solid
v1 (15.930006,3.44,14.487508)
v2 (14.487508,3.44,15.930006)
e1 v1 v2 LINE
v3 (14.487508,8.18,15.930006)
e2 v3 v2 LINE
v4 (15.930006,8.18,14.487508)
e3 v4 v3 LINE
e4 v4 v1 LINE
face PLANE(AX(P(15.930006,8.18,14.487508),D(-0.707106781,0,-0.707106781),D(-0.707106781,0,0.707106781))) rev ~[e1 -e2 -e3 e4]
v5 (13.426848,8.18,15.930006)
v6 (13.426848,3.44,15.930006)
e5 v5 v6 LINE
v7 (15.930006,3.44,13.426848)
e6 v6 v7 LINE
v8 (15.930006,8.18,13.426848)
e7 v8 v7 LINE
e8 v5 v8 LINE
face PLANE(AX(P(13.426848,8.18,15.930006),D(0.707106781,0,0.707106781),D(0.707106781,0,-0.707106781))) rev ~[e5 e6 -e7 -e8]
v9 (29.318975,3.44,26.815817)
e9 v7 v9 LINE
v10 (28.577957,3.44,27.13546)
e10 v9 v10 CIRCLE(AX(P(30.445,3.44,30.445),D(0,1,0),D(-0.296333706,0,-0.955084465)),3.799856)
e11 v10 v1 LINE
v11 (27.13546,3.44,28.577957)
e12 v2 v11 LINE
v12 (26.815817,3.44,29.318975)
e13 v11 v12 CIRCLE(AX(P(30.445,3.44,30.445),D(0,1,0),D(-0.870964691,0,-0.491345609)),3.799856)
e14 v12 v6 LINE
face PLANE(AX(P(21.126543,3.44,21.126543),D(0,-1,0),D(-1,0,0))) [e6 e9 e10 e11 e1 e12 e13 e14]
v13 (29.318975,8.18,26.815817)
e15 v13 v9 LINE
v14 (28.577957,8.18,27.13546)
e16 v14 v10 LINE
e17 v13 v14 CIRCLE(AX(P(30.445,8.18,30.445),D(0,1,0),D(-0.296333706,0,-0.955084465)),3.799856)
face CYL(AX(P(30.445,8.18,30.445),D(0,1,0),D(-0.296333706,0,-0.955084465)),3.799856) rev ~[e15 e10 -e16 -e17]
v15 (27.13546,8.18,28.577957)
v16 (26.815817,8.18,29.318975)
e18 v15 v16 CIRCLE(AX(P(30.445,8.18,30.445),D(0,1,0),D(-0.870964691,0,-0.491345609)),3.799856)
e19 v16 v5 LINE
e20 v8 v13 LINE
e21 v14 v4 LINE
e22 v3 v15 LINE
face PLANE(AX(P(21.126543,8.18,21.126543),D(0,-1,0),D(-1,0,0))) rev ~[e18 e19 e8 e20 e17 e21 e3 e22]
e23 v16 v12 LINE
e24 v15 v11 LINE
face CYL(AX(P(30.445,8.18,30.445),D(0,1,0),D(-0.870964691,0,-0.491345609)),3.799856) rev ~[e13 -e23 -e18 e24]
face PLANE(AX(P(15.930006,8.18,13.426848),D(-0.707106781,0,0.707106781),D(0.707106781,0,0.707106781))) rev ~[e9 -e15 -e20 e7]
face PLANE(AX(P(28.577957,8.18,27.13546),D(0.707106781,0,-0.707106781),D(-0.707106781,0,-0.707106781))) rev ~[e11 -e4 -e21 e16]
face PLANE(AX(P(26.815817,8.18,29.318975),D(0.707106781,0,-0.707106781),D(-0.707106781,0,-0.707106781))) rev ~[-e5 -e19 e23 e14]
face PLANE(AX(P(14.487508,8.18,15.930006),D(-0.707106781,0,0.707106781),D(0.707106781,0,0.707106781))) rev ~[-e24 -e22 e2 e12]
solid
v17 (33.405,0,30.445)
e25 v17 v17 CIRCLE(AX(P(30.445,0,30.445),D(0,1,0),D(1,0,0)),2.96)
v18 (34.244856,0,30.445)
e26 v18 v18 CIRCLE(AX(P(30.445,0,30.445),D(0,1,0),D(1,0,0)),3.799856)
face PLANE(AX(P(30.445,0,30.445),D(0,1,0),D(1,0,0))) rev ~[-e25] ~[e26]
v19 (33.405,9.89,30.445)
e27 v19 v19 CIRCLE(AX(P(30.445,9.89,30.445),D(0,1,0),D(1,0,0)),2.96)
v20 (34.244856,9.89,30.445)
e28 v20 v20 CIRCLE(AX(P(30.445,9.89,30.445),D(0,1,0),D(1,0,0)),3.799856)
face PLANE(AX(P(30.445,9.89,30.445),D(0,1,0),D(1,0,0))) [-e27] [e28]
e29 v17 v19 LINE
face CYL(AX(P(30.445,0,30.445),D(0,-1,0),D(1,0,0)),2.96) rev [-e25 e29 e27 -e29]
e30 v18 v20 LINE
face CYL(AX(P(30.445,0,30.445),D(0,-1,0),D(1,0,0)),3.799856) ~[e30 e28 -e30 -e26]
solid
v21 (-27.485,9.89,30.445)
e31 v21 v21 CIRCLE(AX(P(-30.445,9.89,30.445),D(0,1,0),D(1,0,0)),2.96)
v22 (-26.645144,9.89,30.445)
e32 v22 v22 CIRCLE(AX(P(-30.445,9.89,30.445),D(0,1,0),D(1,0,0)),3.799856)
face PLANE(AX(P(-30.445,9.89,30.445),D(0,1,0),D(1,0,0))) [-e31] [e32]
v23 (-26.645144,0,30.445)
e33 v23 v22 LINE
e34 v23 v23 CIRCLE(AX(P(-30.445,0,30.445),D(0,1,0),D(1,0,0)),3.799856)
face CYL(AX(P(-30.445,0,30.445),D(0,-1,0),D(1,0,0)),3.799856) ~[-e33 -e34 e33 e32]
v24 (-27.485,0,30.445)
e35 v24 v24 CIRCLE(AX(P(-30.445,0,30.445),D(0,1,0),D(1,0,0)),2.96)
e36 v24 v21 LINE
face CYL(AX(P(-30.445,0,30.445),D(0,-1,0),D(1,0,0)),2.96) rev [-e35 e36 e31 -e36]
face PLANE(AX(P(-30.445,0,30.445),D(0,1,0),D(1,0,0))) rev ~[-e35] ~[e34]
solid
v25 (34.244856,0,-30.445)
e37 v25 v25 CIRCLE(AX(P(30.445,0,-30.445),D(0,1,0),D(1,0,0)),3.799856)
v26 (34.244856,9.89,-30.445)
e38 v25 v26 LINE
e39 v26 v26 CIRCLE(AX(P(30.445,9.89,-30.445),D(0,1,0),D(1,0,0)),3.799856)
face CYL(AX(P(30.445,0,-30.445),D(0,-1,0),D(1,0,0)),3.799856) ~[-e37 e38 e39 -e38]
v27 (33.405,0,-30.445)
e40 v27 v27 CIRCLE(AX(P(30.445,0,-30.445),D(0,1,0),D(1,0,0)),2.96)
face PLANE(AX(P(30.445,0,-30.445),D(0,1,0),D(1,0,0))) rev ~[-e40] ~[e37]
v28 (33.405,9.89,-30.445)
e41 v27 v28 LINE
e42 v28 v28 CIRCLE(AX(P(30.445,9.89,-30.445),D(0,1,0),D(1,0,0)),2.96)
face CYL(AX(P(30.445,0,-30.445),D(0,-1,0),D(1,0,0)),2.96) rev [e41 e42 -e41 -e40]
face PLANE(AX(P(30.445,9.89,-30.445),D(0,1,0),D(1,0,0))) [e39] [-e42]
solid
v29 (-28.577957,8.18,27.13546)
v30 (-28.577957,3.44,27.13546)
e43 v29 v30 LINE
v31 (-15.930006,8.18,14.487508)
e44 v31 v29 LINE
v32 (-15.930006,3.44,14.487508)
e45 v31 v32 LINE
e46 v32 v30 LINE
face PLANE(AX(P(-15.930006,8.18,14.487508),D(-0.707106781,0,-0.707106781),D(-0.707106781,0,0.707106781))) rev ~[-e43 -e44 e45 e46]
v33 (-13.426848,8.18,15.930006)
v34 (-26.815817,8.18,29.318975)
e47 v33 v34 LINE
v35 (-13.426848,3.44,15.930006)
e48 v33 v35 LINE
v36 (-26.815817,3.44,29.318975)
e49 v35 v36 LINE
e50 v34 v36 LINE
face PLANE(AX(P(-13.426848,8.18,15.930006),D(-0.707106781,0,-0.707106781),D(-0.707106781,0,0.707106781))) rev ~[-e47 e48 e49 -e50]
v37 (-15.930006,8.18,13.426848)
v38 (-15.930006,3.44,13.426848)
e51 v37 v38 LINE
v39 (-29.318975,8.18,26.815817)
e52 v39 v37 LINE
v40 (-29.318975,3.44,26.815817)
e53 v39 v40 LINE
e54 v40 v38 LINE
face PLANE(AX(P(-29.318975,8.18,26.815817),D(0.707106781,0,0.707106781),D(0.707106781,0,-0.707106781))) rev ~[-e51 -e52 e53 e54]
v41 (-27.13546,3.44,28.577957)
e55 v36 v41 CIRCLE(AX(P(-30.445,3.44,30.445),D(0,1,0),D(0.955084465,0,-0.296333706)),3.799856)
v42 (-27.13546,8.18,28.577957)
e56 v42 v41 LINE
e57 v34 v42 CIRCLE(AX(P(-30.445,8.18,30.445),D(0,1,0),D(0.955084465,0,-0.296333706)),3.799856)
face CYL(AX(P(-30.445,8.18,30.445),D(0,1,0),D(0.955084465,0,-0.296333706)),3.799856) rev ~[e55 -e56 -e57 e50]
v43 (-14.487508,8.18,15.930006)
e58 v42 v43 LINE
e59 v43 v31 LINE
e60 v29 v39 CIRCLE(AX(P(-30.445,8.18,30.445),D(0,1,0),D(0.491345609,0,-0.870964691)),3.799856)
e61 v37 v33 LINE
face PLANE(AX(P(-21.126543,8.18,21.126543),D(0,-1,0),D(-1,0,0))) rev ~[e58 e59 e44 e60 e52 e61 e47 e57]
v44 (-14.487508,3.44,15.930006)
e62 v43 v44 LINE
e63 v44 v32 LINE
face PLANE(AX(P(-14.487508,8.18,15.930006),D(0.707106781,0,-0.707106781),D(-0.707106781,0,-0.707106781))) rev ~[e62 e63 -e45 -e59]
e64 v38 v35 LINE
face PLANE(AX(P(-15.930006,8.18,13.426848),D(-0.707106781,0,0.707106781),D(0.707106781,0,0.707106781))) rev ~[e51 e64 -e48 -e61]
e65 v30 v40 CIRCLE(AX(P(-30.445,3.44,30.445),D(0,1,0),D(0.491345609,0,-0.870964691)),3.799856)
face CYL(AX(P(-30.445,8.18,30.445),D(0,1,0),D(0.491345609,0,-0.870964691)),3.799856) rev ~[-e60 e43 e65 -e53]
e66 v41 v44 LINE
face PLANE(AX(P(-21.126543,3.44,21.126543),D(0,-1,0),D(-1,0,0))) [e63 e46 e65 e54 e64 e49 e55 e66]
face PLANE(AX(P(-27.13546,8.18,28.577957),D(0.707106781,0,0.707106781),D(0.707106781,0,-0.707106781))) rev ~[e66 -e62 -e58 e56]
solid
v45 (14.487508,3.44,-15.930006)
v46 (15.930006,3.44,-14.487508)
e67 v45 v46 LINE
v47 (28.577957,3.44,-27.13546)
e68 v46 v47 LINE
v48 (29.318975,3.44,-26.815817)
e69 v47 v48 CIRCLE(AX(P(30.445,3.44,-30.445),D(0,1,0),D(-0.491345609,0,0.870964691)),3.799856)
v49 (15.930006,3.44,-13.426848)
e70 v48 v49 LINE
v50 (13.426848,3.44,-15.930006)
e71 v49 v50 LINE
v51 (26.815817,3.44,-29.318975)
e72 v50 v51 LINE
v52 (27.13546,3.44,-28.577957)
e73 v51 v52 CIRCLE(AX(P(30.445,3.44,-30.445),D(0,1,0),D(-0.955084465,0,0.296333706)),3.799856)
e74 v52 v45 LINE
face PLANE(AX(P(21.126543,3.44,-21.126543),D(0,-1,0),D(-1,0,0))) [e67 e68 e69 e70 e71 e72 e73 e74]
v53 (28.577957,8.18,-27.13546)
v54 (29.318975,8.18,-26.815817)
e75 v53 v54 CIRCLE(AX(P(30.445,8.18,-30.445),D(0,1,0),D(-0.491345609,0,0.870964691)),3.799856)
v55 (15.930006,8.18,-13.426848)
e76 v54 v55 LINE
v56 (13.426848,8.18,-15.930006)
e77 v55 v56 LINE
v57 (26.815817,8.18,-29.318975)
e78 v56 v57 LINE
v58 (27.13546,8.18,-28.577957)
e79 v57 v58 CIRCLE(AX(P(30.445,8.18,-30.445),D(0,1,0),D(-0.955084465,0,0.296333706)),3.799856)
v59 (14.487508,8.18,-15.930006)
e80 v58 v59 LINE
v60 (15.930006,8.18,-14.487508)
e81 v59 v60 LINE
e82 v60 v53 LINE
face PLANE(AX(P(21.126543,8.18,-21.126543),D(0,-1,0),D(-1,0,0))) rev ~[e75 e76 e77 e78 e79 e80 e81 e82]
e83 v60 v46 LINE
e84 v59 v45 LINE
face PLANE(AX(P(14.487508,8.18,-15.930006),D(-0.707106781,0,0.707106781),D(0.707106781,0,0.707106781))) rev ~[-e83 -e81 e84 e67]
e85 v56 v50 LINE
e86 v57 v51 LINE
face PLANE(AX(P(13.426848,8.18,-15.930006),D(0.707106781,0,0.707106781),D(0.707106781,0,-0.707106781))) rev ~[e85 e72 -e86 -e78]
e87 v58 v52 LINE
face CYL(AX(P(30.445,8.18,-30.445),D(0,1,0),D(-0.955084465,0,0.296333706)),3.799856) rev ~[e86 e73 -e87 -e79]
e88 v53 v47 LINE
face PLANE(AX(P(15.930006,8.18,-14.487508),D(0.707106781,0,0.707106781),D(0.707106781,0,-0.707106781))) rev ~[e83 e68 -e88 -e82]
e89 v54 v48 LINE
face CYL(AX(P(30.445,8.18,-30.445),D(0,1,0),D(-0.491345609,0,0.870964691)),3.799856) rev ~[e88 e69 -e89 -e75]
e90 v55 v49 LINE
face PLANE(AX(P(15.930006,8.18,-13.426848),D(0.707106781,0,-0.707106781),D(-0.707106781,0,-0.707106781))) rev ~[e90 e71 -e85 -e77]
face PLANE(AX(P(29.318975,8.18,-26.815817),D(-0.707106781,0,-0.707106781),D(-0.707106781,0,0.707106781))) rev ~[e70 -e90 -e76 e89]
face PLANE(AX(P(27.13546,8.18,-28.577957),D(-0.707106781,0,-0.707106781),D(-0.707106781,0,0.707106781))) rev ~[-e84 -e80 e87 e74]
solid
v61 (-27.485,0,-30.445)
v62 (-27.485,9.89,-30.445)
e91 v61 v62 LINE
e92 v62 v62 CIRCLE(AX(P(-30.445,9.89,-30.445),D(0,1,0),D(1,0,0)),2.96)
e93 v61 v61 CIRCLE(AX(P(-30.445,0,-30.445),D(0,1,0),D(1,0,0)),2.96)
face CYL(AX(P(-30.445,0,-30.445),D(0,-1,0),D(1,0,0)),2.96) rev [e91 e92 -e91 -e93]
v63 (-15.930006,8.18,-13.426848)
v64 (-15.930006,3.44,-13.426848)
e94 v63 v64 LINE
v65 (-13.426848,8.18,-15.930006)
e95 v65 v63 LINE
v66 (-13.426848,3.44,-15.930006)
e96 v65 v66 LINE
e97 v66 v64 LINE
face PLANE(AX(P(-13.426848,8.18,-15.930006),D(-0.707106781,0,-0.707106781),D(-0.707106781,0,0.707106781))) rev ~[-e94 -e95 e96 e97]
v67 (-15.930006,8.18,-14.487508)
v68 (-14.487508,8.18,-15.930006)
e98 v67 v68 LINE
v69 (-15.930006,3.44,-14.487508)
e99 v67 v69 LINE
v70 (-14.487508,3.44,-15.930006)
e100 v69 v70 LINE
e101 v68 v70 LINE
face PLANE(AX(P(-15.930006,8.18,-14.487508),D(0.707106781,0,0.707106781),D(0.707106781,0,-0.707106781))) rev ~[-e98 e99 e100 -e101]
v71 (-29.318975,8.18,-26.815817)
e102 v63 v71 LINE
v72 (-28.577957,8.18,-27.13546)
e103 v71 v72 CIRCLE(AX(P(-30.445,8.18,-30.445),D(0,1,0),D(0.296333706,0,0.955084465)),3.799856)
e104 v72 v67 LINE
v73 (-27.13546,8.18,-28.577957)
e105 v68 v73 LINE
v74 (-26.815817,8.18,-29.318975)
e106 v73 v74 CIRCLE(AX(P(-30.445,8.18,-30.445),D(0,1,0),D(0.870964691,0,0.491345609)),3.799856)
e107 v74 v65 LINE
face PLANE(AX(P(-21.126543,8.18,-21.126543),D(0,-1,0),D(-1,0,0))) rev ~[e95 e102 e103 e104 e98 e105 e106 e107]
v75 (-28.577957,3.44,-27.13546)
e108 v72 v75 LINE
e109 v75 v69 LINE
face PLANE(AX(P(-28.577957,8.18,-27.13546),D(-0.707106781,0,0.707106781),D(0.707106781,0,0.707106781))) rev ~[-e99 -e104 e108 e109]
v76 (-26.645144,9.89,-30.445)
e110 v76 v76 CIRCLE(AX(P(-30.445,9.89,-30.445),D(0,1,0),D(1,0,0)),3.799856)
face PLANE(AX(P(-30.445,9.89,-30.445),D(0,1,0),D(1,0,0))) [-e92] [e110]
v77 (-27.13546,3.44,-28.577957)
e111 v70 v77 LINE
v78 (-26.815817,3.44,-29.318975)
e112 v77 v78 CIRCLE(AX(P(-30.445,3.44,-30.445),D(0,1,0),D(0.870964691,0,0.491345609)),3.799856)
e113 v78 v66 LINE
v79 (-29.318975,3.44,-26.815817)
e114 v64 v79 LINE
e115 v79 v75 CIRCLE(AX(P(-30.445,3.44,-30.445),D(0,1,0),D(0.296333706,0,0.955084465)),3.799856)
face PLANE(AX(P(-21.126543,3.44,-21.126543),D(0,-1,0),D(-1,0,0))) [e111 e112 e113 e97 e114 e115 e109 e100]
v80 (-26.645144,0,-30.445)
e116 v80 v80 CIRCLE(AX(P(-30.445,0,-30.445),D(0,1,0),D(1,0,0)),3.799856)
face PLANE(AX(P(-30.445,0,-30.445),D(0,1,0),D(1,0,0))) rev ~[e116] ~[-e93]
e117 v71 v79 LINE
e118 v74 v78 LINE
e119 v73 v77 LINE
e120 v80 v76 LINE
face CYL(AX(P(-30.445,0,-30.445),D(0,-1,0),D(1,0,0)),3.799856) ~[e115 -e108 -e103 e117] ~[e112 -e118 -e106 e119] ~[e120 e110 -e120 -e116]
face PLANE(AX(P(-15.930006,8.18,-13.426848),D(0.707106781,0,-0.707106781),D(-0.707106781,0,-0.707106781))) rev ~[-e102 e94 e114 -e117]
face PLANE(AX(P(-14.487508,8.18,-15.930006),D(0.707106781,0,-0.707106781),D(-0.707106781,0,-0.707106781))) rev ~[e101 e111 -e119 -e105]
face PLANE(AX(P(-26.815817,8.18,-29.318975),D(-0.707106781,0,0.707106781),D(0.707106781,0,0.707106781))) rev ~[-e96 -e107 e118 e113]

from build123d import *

# Parameters (mm, degrees)
SKETCH1_R             = 3.799855969
SKETCH1_R_2           = 2.96
BOSS_EXTRUDE1_DEPTH   = 9.89
BOSS_EXTRUDE1_2_DEPTH = 9.89
BOSS_EXTRUDE1_3_DEPTH = 9.89
BOSS_EXTRUDE1_4_DEPTH = 9.89
BOSS_EXTRUDE2_DEPTH   = 4.74


with BuildPart() as part:
    # Sketch1 → Boss-Extrude1 (new body)
    with BuildSketch(Plane(origin=(0, 0, 0), x_dir=(1, 0, 0), z_dir=(0, 1, 0))):
        with Locations((-30.445, -30.445)):
            Circle(SKETCH1_R)
        with Locations((-30.445, -30.445)):
            Circle(SKETCH1_R_2, mode=Mode.SUBTRACT)
    extrude(amount=BOSS_EXTRUDE1_DEPTH)


with BuildPart() as body_2:
    # Sketch1 → Boss-Extrude1 2 (new body)
    with BuildSketch(Plane(origin=(0, 0, 0), x_dir=(1, 0, 0), z_dir=(0, 1, 0))):
        with Locations((-30.445, 30.445)):
            Circle(SKETCH1_R)
        with Locations((-30.445, 30.445)):
            Circle(SKETCH1_R_2, mode=Mode.SUBTRACT)
    extrude(amount=BOSS_EXTRUDE1_2_DEPTH)

    # Sketch2 → Boss-Extrude2 (add)
    with BuildSketch(Plane(origin=(0, 8.180000118, 0), x_dir=(1, 0, 0), z_dir=(0, 1, 0))):
        with BuildLine():
            Line((-26.815816595, 29.318974601), (-13.426848066, 15.930006071))
            Line((-13.426848066, 15.930006071), (-15.930006071, 13.426848066))
            Line((-15.930006071, 13.426848066), (-29.318974601, 26.815816595))
            ThreePointArc((-29.318974601, 26.815816595), (-28.939956198, 26.95591007), (-28.577957455, 27.135459621))
            Line((-28.577957455, 27.135459621), (-15.930006071, 14.487508237))
            Line((-15.930006071, 14.487508237), (-14.487508237, 15.930006071))
            Line((-14.487508237, 15.930006071), (-27.135459621, 28.577957455))
            ThreePointArc((-27.135459621, 28.577957455), (-26.95591007, 28.939956198), (-26.815816595, 29.318974601))
        make_face()
        with BuildLine():
            Line((29.318974601, 26.815816595), (15.930006071, 13.426848066))
            Line((15.930006071, 13.426848066), (13.426848066, 15.930006071))
            Line((13.426848066, 15.930006071), (26.815816595, 29.318974601))
            ThreePointArc((26.815816595, 29.318974601), (26.95591007, 28.939956198), (27.135459621, 28.577957455))
            Line((27.135459621, 28.577957455), (14.487508237, 15.930006071))
            Line((14.487508237, 15.930006071), (15.930006071, 14.487508237))
            Line((15.930006071, 14.487508237), (28.577957455, 27.135459621))
            ThreePointArc((28.577957455, 27.135459621), (28.939956198, 26.95591007), (29.318974601, 26.815816595))
        make_face()
        with BuildLine():
            Line((26.815816595, -29.318974601), (13.426848066, -15.930006071))
            Line((13.426848066, -15.930006071), (15.930006071, -13.426848066))
            Line((15.930006071, -13.426848066), (29.318974601, -26.815816595))
            ThreePointArc((29.318974601, -26.815816595), (28.939956198, -26.95591007), (28.577957455, -27.135459621))
            Line((28.577957455, -27.135459621), (15.930006071, -14.487508237))
            Line((15.930006071, -14.487508237), (14.487508237, -15.930006071))
            Line((14.487508237, -15.930006071), (27.135459621, -28.577957455))
            ThreePointArc((27.135459621, -28.577957455), (26.95591007, -28.939956198), (26.815816595, -29.318974601))
        make_face()
        with BuildLine():
            Line((-29.318974601, -26.815816595), (-15.930006071, -13.426848066))
            Line((-15.930006071, -13.426848066), (-13.426848066, -15.930006071))
            Line((-13.426848066, -15.930006071), (-26.815816595, -29.318974601))
            ThreePointArc((-26.815816595, -29.318974601), (-26.95591007, -28.939956198), (-27.135459621, -28.577957455))
            Line((-27.135459621, -28.577957455), (-14.487508237, -15.930006071))
            Line((-14.487508237, -15.930006071), (-15.930006071, -14.487508237))
            Line((-15.930006071, -14.487508237), (-28.577957455, -27.135459621))
            ThreePointArc((-28.577957455, -27.135459621), (-28.939956198, -26.95591007), (-29.318974601, -26.815816595))
        make_face()
    extrude(amount=-BOSS_EXTRUDE2_DEPTH)


with BuildPart() as body_3:
    # Sketch1 → Boss-Extrude1 3 (new body)
    with BuildSketch(Plane(origin=(0, 0, 0), x_dir=(1, 0, 0), z_dir=(0, 1, 0))):
        with Locations((30.445, 30.445)):
            Circle(SKETCH1_R)
        with Locations((30.445, 30.445)):
            Circle(SKETCH1_R_2, mode=Mode.SUBTRACT)
    extrude(amount=BOSS_EXTRUDE1_3_DEPTH)


with BuildPart() as body_4:
    # Sketch1 → Boss-Extrude1 4 (new body)
    with BuildSketch(Plane(origin=(0, 0, 0), x_dir=(1, 0, 0), z_dir=(0, 1, 0))):
        with Locations((30.445, -30.445)):
            Circle(SKETCH1_R)
        with Locations((30.445, -30.445)):
            Circle(SKETCH1_R_2, mode=Mode.SUBTRACT)
    extrude(amount=BOSS_EXTRUDE1_4_DEPTH)


solid = Compound([part.part, body_2.part, body_3.part, body_4.part])
